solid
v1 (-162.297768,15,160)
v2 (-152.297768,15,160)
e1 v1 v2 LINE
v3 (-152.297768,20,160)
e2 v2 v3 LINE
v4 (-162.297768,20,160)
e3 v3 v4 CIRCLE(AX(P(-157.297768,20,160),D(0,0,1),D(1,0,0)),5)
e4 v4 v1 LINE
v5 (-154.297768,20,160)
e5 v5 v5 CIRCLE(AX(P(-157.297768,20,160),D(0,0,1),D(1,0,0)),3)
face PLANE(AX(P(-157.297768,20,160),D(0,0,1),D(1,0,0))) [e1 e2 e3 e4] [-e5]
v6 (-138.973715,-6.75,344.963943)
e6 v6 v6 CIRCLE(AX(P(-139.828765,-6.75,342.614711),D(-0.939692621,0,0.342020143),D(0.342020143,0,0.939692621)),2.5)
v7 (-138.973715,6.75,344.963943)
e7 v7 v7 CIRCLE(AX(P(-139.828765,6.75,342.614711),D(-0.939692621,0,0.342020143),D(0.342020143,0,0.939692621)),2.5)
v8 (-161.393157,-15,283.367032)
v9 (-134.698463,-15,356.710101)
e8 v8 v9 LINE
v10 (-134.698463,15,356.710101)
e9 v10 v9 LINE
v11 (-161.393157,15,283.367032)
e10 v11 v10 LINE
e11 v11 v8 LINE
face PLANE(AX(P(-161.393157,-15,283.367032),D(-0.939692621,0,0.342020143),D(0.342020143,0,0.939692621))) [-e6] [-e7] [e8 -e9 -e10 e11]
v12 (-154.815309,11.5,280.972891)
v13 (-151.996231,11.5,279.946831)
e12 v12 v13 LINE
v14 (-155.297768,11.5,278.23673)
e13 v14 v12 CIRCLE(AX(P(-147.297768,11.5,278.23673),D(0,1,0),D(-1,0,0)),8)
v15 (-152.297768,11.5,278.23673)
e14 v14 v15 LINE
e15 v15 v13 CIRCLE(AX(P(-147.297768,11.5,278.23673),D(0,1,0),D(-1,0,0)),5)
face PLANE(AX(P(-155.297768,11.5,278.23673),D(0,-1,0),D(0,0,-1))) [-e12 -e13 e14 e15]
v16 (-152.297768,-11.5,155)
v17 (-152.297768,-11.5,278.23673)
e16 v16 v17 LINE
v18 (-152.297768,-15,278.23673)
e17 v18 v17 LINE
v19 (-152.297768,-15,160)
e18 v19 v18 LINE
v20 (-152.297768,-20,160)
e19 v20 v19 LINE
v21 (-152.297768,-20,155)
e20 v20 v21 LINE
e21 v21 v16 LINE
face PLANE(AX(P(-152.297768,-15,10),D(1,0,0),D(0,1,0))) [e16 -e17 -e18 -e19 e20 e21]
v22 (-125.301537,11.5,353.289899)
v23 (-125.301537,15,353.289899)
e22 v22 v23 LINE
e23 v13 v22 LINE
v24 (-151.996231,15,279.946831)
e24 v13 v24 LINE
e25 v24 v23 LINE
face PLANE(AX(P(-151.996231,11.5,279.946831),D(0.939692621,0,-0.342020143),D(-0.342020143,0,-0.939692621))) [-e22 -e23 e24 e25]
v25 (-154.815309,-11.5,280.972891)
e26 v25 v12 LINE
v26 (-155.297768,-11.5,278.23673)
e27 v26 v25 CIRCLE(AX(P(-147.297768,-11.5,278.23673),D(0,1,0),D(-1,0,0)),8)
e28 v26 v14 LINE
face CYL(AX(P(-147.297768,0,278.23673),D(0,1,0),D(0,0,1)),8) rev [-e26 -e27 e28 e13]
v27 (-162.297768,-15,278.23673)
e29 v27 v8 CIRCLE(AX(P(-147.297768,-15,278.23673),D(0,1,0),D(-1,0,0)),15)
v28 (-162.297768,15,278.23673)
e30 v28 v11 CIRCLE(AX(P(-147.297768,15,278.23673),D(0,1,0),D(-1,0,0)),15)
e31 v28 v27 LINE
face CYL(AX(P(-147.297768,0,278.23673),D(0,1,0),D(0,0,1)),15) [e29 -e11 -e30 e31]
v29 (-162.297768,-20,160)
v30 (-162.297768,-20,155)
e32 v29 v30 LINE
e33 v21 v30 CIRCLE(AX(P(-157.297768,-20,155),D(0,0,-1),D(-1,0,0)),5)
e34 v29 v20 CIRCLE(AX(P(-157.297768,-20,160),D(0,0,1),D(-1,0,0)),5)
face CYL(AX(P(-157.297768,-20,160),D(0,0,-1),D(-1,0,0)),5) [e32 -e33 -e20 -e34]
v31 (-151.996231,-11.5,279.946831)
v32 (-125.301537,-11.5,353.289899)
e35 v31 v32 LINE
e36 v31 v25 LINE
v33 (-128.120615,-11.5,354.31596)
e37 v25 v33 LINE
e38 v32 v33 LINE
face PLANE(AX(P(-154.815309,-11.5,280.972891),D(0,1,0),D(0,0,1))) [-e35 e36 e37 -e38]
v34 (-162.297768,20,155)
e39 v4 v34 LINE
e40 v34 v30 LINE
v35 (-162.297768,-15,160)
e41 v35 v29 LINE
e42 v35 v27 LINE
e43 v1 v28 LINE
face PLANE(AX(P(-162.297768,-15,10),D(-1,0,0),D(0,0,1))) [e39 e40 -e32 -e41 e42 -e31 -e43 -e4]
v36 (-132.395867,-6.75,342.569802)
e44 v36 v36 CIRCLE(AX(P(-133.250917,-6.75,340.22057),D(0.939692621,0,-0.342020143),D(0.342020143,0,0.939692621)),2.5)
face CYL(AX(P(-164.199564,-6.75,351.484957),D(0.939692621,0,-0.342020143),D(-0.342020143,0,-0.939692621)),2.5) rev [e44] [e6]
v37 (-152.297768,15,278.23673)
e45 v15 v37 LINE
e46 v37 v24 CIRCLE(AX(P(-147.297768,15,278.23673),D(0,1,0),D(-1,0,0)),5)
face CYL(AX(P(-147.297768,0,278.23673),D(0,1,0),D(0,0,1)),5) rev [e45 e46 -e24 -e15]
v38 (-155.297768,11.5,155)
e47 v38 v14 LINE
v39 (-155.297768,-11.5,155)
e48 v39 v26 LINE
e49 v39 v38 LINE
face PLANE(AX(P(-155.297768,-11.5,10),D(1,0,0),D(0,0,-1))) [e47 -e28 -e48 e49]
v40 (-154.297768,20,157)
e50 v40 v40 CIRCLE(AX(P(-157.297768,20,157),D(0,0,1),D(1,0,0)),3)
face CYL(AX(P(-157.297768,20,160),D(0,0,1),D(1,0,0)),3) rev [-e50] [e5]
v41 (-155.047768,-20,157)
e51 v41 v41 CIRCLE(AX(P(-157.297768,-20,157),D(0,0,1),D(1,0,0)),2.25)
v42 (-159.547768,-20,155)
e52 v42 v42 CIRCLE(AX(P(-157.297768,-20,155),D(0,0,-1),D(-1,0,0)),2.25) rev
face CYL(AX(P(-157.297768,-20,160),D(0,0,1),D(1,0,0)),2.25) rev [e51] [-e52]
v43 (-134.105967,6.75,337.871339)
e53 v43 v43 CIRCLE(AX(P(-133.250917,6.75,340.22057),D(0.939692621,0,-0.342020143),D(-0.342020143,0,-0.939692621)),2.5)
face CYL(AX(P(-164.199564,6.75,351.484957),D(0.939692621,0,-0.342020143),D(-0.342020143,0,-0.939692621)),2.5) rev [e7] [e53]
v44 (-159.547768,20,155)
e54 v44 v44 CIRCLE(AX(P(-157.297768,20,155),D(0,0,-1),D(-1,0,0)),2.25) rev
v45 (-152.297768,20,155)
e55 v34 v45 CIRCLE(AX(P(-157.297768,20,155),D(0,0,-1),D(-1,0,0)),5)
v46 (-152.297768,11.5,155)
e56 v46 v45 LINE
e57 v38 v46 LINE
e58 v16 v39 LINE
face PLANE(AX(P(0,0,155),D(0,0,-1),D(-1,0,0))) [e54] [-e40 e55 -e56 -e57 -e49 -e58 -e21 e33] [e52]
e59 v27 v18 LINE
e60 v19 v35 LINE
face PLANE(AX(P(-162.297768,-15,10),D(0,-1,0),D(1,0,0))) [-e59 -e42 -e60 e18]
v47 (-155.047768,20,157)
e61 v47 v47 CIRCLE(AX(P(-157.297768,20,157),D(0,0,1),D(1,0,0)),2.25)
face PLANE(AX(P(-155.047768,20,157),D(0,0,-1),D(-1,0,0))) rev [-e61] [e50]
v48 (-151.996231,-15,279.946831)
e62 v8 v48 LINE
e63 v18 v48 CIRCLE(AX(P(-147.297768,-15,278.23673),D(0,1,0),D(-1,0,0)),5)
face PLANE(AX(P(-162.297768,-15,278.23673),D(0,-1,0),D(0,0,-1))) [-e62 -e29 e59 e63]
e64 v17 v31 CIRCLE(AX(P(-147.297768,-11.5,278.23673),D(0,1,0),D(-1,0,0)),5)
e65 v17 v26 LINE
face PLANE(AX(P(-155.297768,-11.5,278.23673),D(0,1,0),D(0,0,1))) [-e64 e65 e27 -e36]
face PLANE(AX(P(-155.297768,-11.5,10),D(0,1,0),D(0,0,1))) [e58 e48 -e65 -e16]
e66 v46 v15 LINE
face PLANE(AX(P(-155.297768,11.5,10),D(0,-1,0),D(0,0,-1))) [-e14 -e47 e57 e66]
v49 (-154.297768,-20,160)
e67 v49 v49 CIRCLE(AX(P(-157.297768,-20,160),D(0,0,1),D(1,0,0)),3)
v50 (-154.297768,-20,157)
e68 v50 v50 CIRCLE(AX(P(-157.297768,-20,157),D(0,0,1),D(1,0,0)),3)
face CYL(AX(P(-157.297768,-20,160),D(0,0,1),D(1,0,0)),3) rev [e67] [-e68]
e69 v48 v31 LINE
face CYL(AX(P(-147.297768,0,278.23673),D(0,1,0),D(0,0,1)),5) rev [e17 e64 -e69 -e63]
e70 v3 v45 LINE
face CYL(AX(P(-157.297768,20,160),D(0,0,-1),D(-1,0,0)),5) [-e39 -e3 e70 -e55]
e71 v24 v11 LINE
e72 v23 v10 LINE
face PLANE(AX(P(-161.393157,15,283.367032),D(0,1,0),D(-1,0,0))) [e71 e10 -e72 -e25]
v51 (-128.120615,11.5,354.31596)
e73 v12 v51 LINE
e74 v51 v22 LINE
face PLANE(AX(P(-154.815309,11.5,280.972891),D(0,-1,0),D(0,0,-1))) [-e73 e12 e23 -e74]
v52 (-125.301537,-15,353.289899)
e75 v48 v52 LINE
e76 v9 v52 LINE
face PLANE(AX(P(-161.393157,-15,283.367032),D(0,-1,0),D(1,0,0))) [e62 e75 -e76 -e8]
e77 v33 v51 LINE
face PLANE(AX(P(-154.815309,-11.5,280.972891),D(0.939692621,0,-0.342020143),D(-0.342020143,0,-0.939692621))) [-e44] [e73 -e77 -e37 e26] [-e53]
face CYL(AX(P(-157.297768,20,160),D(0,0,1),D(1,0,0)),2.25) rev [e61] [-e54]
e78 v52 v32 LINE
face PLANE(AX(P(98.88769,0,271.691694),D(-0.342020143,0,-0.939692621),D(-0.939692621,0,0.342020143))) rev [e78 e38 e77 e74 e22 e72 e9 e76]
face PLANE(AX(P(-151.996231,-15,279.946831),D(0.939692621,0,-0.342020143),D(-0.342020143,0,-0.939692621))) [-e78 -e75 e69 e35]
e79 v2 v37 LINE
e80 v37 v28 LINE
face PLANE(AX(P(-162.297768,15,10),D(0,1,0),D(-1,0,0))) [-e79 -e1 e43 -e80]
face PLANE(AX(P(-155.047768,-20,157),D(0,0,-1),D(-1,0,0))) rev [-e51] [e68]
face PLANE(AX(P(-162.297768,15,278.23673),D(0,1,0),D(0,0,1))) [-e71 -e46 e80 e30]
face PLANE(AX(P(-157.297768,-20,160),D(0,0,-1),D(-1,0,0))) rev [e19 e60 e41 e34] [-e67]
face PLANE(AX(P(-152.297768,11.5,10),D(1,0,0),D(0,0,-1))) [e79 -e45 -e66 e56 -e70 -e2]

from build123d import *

# Parameters (mm, degrees)
SKETCH_1_R                = 115
SKETCH_1_R_2              = 105
EXTRUDE_1_DEPTH           = 5
SKETCH_4_R                = 2.5
CUT_EXTRUDE_1_DEPTH       = 33.934862746
EXTRUDE_2_DEPTH           = 5
HOLE_WIZARD_1_D           = 4.5
HOLE_WIZARD_1_CBORE_D     = 6
HOLE_WIZARD_1_CBORE_DEPTH = 3
SKETCH_9_R                = 2.25
SKETCH_9_R_2              = 1.9
EXTRUDE_3_DEPTH           = 5
EXTRUDE_4_DEPTH           = 5
HOLE_WIZARD_2_D           = 4.5
HOLE_WIZARD_2_CBORE_D     = 6
HOLE_WIZARD_2_CBORE_DEPTH = 3
SKETCH_13_R               = 2.25
SKETCH_13_R_2             = 1.9
EXTRUDE_5_DEPTH           = 5
SKETCH_14_W               = 562.038590931
SKETCH_14_H               = 462.09177453
CUT_EXTRUDE_4_DEPTH       = 163.29776757
SKETCH_15_W               = 637.223239982
SKETCH_15_H               = 375.31186697
CUT_EXTRUDE_5_DEPTH       = 161


with BuildPart() as part:
    # 草图1 → 凸台-拉伸1 (new body, symmetric)
    with BuildSketch(Plane.XY):
        Circle(SKETCH_1_R)
        Circle(SKETCH_1_R_2, mode=Mode.SUBTRACT)
    extrude(amount=EXTRUDE_1_DEPTH, both=True)

    # 扫描1: sweep along a path in 草图2
    with BuildLine(Plane(origin=(0, 0, 0), x_dir=(1, 0, 0), z_dir=(0, 1, 0))) as sweep_1_path:
        Line((-130, -355), (-156.694693778, -281.656931626))
        ThreePointArc((-156.694693778, -281.656931626), (-157.1458451, -279.97321197), (-157.29776757, -278.236730193))
        Line((-157.29776757, -278.236730193), (-157.29776757, -10))
        ThreePointArc((-157.29776757, -10), (-154.368835382, -2.928932188), (-147.29776757, 0))
        Line((-147.29776757, 0), (-115, 0))
        Line((-115, 0), (-106.681302201, 0))
    # 草图3 → 扫描1 (sweep)
    with BuildSketch(Plane(origin=(-130, 0, 355), x_dir=(0.939692621, 0, -0.342020143), z_dir=(0.342020143, 0, 0.939692621))):
        Polygon((-5, -15), (5, -15), (5, -11.5), (2, -11.5), (2, 11.5), (5, 11.5), (5, 15), (-5, 15), align=None)
    sweep_1 = sweep(path=sweep_1_path.line)

    # 草图4 → 切除-拉伸1 (cut, through all)
    with BuildSketch(Plane(origin=(-227.008304281, 0, 82.624265689), x_dir=(-0.342020143, 0, -0.939692621), z_dir=(0.939692621, 0, -0.342020143))):
        with Locations((-274.128261747, 6.75)):
            Circle(SKETCH_4_R)
        with Locations((-274.128261747, -6.75)):
            Circle(SKETCH_4_R)
    cut_extrude_1 = extrude(amount=-CUT_EXTRUDE_1_DEPTH, mode=Mode.SUBTRACT)

    # 镜向1: 扫描1, 切除-拉伸1 across plane
    add(sweep_1.mirror(Plane(origin=(0, 0, 0), x_dir=(0, 0, 1), z_dir=(1, 0, 0))))
    add(cut_extrude_1.mirror(Plane(origin=(0, 0, 0), x_dir=(0, 0, 1), z_dir=(1, 0, 0))), mode=Mode.SUBTRACT)

    # 草图6 → 凸台-拉伸2 (add, symmetric)
    with BuildSketch(Plane(origin=(0, 0, 0), x_dir=(0, 0, -1), z_dir=(1, 0, 0))):
        with BuildLine():
            Line((-5, 115), (-5, 125))
            ThreePointArc((-5, 125), (0, 130), (5, 125))
            Line((5, 125), (5, 115))
            Line((5, 115), (5, 112.136445143))
            Line((5, 112.136445143), (-5, 112.136445143))
            Line((-5, 112.136445143), (-5, 115))
        make_face()
    extrude_2 = extrude(amount=EXTRUDE_2_DEPTH, both=True)

    # 镜向2: 凸台-拉伸2 across plane
    add(extrude_2.mirror(Plane.ZX))

    # 孔1 (through all)
    with Locations(Plane(origin=(5, 0, 0), x_dir=(0, 0, -1), z_dir=(1, 0, 0))):
        with Locations((0, 124.156343107), (0, -125)):
            CounterBoreHole(HOLE_WIZARD_1_D / 2, HOLE_WIZARD_1_CBORE_D / 2, HOLE_WIZARD_1_CBORE_DEPTH)

    # 草图9 → 凸台-拉伸3 (add)
    with BuildSketch(Plane.ZY.offset(5)):
        with Locations((0, 124.156343107)):
            Circle(SKETCH_9_R)
        with Locations((0, 124.156343107)):
            Circle(SKETCH_9_R_2, mode=Mode.SUBTRACT)
        with Locations((0, -125)):
            Circle(SKETCH_9_R)
        with Locations((0, -125)):
            Circle(SKETCH_9_R_2, mode=Mode.SUBTRACT)
    extrude(amount=-EXTRUDE_3_DEPTH)

    # 草图10 → 凸台-拉伸4 (add, symmetric)
    with BuildSketch(Plane.XY.offset(155)):
        with BuildLine():
            Line((-162.29776757, 15), (-152.29776757, 15))
            Line((-152.29776757, 15), (-152.29776757, 20))
            ThreePointArc((-152.29776757, 20), (-157.29776757, 25), (-162.29776757, 20))
            Line((-162.29776757, 20), (-162.29776757, 15))
        make_face()
        with BuildLine():
            Line((-152.29776757, -15), (-152.29776757, -20))
            ThreePointArc((-152.29776757, -20), (-157.29776757, -25), (-162.29776757, -20))
            Line((-162.29776757, -20), (-162.29776757, -15))
            Line((-162.29776757, -15), (-152.29776757, -15))
        make_face()
        with BuildLine():
            Line((162.29776757, -15), (152.29776757, -15))
            Line((152.29776757, -15), (152.29776757, -20))
            ThreePointArc((152.29776757, -20), (157.29776757, -25), (162.29776757, -20))
            Line((162.29776757, -20), (162.29776757, -15))
        make_face()
        with BuildLine():
            Line((152.29776757, 15), (152.29776757, 20))
            ThreePointArc((152.29776757, 20), (157.29776757, 25), (162.29776757, 20))
            Line((162.29776757, 20), (162.29776757, 15))
            Line((162.29776757, 15), (152.29776757, 15))
        make_face()
    extrude(amount=EXTRUDE_4_DEPTH, both=True)

    # 孔2 (through all)
    with Locations(Plane.XY.offset(160)):
        with Locations((-157.29776757, 20), (-157.29776757, -20), (157.29776757, 20), (157.29776757, -20)):
            CounterBoreHole(HOLE_WIZARD_2_D / 2, HOLE_WIZARD_2_CBORE_D / 2, HOLE_WIZARD_2_CBORE_DEPTH)

    # 草图13 → 凸台-拉伸5 (add)
    with BuildSketch(Plane(origin=(0, 0, 150), x_dir=(-1, 0, 0), z_dir=(0, 0, -1))):
        with Locations((-157.29776757, 20)):
            Circle(SKETCH_13_R)
        with Locations((-157.29776757, 20)):
            Circle(SKETCH_13_R_2, mode=Mode.SUBTRACT)
        with Locations((-157.29776757, -20)):
            Circle(SKETCH_13_R)
        with Locations((-157.29776757, -20)):
            Circle(SKETCH_13_R_2, mode=Mode.SUBTRACT)
        with Locations((157.29776757, -20)):
            Circle(SKETCH_13_R)
        with Locations((157.29776757, -20)):
            Circle(SKETCH_13_R_2, mode=Mode.SUBTRACT)
        with Locations((157.29776757, 20)):
            Circle(SKETCH_13_R)
        with Locations((157.29776757, 20)):
            Circle(SKETCH_13_R_2, mode=Mode.SUBTRACT)
    extrude(amount=-EXTRUDE_5_DEPTH)

    # 草图14 → 切除-拉伸4 (cut, through all)
    with BuildSketch(Plane(origin=(0, 0, 0), x_dir=(0, 0, -1), z_dir=(1, 0, 0))):
        with Locations((-153.139864812, -31.152254463)):
            Rectangle(SKETCH_14_W, SKETCH_14_H)
    extrude(amount=CUT_EXTRUDE_4_DEPTH, mode=Mode.SUBTRACT)

    # 草图15 → 切除-拉伸5 (cut, through all)
    with BuildSketch(Plane.XY.offset(155)):
        Rectangle(SKETCH_15_W, SKETCH_15_H)
    extrude(amount=-CUT_EXTRUDE_5_DEPTH, mode=Mode.SUBTRACT)


solid = part.part
